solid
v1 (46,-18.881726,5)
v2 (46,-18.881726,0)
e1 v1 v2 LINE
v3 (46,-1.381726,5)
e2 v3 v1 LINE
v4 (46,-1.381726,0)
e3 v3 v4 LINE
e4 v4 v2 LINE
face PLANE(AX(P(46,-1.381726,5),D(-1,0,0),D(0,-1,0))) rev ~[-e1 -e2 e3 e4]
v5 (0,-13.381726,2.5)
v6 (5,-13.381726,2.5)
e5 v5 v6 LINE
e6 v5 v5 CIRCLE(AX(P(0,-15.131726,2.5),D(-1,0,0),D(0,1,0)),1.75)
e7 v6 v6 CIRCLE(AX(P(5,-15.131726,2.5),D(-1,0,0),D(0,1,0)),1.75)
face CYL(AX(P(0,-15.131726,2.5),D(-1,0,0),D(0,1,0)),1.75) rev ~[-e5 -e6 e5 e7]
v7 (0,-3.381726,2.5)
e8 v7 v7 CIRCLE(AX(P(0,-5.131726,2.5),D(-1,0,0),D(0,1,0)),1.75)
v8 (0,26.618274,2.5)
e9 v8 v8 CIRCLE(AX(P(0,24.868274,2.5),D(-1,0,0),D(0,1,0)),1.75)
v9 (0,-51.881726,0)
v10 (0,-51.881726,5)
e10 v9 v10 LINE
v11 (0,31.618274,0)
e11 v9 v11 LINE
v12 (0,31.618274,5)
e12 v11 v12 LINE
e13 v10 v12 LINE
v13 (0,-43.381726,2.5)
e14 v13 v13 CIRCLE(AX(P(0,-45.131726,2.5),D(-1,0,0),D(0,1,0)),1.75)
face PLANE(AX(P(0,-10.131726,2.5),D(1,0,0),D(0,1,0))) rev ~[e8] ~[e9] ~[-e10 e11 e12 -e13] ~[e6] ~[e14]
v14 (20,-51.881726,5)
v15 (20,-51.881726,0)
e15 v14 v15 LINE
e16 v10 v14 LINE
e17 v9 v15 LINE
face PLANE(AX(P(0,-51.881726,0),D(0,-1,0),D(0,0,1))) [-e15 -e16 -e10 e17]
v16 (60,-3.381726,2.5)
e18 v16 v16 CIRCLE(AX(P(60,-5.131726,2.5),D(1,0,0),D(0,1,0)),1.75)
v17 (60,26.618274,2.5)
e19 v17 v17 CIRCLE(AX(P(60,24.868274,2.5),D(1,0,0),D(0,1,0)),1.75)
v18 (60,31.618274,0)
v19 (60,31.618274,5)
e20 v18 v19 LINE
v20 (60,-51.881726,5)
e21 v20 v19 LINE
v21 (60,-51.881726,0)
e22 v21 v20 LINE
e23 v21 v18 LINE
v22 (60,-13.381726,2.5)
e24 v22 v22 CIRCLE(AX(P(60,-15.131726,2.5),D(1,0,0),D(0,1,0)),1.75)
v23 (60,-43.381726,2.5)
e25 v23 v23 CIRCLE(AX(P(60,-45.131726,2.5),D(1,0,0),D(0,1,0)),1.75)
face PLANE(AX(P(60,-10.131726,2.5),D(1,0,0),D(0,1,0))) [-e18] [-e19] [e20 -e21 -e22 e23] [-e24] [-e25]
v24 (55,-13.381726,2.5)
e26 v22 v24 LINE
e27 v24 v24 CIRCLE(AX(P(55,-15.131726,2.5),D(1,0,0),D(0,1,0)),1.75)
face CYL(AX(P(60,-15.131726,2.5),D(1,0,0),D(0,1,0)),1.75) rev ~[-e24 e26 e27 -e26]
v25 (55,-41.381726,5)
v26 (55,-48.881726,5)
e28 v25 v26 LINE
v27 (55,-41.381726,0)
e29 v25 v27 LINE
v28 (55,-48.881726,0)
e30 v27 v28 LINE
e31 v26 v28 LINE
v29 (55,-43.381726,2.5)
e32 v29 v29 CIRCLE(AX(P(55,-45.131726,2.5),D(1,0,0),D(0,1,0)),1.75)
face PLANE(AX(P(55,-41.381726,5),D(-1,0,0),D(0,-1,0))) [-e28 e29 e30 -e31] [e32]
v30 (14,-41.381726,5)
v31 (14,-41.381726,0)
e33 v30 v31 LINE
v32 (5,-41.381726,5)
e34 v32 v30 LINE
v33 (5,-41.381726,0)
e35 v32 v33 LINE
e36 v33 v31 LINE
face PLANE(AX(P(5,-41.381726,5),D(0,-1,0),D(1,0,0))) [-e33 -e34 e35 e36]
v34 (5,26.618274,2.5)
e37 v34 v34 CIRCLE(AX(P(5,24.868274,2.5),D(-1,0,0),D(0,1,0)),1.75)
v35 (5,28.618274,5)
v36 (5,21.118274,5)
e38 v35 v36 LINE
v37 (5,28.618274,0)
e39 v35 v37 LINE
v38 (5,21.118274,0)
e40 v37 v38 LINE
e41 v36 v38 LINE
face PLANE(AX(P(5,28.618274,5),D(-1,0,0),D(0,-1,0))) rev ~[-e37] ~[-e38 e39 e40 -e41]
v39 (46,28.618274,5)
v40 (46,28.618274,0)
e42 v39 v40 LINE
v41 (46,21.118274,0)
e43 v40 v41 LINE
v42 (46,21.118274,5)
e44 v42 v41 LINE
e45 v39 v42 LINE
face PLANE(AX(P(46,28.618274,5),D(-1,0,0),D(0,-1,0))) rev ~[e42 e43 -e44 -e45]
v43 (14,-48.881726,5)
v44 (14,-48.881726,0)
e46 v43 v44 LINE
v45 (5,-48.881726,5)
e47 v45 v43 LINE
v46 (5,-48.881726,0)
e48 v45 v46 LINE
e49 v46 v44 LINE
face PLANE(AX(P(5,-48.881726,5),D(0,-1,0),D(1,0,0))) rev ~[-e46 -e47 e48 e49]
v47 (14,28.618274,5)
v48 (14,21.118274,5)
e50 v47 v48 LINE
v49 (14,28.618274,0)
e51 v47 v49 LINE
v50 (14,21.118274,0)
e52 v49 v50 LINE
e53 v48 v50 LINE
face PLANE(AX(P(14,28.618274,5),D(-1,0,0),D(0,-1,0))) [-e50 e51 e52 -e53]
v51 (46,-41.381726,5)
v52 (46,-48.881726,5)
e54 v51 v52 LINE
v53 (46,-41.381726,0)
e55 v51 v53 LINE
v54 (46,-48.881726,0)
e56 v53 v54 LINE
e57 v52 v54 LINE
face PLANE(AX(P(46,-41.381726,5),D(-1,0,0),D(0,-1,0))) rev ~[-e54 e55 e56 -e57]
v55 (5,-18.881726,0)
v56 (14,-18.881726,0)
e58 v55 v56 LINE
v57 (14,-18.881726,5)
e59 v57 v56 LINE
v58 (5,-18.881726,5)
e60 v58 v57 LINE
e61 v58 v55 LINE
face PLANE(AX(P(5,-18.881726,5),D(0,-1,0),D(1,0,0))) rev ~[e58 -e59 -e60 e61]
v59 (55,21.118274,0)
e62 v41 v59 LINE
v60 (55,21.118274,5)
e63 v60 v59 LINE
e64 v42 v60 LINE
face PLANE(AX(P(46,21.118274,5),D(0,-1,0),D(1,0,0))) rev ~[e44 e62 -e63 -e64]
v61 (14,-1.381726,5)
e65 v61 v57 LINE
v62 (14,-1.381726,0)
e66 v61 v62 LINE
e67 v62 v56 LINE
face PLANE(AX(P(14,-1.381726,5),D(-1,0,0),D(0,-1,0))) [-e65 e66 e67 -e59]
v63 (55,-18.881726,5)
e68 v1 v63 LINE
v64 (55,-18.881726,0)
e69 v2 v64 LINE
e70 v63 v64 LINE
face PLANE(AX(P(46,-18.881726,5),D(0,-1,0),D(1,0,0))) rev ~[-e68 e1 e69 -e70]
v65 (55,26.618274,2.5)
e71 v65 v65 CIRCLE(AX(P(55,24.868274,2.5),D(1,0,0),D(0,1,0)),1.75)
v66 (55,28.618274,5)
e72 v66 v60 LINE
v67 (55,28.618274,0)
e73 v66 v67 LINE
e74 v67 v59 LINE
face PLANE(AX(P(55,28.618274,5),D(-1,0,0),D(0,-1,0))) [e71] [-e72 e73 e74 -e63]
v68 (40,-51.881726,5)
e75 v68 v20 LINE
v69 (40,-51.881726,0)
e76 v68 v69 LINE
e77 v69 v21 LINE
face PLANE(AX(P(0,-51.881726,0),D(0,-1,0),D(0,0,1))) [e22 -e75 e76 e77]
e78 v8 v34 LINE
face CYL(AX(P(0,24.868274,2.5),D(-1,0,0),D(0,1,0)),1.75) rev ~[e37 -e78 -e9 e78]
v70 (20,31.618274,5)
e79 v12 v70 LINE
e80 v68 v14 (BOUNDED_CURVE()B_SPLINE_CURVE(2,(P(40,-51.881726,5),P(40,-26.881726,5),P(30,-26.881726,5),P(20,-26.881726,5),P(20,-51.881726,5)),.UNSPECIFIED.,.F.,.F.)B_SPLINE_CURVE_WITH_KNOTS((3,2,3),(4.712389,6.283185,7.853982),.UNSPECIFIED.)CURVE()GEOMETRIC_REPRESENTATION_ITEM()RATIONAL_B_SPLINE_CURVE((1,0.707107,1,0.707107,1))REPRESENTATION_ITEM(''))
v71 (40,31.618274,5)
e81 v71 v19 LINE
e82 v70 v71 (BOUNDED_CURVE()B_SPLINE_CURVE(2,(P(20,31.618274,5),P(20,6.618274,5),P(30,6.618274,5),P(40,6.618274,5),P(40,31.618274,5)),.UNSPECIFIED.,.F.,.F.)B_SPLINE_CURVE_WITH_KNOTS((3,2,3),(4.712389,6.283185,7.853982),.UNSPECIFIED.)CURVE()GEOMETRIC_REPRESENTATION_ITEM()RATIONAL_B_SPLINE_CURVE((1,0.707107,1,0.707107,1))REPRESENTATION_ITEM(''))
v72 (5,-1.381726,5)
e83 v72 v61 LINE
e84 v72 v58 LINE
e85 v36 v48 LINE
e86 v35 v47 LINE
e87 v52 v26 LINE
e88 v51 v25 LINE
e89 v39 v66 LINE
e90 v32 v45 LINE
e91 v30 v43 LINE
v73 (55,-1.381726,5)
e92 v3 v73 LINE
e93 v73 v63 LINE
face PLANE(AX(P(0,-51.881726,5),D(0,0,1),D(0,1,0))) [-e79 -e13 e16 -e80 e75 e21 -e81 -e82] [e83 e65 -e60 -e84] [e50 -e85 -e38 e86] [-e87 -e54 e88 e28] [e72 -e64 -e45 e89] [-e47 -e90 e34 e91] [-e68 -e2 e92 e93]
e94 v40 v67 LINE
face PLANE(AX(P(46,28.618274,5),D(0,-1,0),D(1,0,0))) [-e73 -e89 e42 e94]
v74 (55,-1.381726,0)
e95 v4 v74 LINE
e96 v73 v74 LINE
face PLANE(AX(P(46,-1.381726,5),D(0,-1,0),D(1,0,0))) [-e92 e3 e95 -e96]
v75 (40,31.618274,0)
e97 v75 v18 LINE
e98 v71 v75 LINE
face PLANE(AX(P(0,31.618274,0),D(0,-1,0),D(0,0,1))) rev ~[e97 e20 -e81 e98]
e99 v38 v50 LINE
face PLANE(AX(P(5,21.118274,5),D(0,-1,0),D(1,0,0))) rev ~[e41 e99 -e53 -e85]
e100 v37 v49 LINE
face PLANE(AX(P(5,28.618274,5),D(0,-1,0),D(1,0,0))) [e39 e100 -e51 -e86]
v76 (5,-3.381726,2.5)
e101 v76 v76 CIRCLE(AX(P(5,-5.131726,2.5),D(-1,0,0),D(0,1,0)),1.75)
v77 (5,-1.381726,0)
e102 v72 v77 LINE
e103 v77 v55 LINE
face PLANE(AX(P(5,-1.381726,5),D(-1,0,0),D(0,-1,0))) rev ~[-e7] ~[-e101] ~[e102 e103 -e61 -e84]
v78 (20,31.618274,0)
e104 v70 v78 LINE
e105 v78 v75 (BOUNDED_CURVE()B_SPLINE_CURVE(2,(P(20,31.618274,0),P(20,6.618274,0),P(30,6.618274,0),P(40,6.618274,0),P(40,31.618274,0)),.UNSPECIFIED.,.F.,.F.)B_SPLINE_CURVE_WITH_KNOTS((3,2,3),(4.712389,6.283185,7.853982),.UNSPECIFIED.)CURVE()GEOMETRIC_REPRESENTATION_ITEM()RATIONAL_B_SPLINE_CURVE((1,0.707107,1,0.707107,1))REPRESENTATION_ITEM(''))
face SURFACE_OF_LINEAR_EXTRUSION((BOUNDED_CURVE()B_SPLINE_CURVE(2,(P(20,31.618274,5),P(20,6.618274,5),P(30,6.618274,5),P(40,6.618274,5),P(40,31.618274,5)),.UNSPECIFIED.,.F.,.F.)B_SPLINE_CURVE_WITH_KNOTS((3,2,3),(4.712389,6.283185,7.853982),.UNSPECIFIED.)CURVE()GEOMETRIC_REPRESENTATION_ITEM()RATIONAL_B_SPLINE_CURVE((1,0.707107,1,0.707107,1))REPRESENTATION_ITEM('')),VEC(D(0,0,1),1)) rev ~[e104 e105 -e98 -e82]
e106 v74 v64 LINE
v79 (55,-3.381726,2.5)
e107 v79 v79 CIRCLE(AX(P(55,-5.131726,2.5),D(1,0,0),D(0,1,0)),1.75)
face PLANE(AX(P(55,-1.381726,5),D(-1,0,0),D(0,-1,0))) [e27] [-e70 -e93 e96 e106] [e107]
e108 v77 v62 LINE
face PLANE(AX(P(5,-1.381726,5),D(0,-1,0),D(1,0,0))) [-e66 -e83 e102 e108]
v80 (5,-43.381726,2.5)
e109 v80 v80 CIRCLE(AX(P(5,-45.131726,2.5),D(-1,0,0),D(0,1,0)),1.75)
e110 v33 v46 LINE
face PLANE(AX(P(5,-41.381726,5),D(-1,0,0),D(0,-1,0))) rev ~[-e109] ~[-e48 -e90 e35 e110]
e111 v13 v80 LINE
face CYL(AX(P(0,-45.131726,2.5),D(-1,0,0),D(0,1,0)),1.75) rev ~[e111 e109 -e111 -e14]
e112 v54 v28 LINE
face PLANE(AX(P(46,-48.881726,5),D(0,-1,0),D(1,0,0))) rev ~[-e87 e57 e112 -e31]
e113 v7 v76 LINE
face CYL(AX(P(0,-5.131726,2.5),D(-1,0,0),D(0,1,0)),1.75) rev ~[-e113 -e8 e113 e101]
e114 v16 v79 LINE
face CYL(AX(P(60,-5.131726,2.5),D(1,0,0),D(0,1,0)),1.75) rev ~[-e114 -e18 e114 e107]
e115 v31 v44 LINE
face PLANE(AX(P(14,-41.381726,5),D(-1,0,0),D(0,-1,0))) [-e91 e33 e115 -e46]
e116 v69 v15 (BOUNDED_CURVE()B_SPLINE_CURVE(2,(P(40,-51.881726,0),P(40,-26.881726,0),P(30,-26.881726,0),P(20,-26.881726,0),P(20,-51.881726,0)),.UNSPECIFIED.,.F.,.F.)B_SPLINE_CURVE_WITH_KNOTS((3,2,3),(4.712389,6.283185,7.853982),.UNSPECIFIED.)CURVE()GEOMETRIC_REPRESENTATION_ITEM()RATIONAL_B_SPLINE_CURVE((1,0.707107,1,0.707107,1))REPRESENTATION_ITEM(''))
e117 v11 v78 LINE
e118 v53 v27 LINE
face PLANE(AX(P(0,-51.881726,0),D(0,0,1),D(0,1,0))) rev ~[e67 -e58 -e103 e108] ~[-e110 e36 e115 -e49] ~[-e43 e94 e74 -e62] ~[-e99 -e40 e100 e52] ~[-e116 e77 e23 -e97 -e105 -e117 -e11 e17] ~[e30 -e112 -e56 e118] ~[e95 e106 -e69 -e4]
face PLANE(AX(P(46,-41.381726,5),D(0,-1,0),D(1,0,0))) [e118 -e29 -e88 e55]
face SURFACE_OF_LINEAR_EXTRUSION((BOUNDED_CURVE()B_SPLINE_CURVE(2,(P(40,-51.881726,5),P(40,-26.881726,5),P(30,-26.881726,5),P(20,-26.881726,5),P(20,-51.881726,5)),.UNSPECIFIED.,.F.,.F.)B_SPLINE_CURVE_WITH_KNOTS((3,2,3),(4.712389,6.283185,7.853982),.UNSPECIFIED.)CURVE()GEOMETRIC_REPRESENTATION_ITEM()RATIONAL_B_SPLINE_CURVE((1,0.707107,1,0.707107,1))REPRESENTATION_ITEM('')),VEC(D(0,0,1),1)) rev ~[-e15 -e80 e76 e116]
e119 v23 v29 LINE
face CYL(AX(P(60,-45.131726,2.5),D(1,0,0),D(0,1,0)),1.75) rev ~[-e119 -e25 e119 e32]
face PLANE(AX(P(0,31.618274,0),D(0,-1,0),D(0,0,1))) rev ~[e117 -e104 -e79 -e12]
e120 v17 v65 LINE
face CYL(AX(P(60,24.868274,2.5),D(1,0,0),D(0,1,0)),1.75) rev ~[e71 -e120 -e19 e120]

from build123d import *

# Parameters (mm, degrees)
SKETCH003_W     = 83.5
SKETCH003_H     = 5
PAD002_DEPTH    = 60
SKETCH005_W     = 7.5
SKETCH005_H     = 9
SKETCH005_W_2   = 17.5
POCKET001_DEPTH = 5
SKETCH004_R     = 1.75
POCKET002_DEPTH = 5
SKETCH006_R     = 1.75
POCKET003_DEPTH = 5


with BuildPart() as part:
    # Sketch003 → Pad002 (new body)
    with BuildSketch(Plane.YZ):
        with Locations((-10.131726, 2.5)):
            Rectangle(SKETCH003_W, SKETCH003_H)
    extrude(amount=PAD002_DEPTH)

    # Sketch005 (on Face4 of Pad002) → Pocket001 (cut)
    with BuildSketch(Plane(origin=(0, 0, 5), x_dir=(0, -1, 0), z_dir=(0, 0, 1))):
        with Locations((-24.868274, 50.5)):
            Rectangle(SKETCH005_W, SKETCH005_H)
        with Locations((10.131726, 50.5)):
            Rectangle(SKETCH005_W_2, SKETCH005_H)
        with Locations((45.131726, 50.5)):
            Rectangle(SKETCH005_W, SKETCH005_H)
        with Locations((-24.868274, 9.5)):
            Rectangle(SKETCH005_W, SKETCH005_H)
        with Locations((10.131726, 9.5)):
            Rectangle(SKETCH005_W_2, SKETCH005_H)
        with Locations((45.131726, 9.5)):
            Rectangle(SKETCH005_W, SKETCH005_H)
        with BuildLine():
            add(Edge.make_bspline(
                [(-31.618274, 20), (-6.618274, 20), (-6.618274, 30), (-6.618274, 40), (-31.618274, 40)],
                knots=[4.712389, 4.712389, 4.712389, 6.283185, 6.283185, 7.853982, 7.853982, 7.853982], degree=2, weights=[1, 0.707107, 1, 0.707107, 1]))
            Line((-31.618274, 40), (-31.618274, 20))
        make_face()
        with BuildLine():
            add(Edge.make_bspline(
                [(51.881726, 40), (26.881726, 40), (26.881726, 30), (26.881726, 20), (51.881726, 20)],
                knots=[4.712389, 4.712389, 4.712389, 6.283185, 6.283185, 7.853982, 7.853982, 7.853982], degree=2, weights=[1, 0.707107, 1, 0.707107, 1]))
            Line((51.881726, 20), (51.881726, 40))
        make_face()
    extrude(amount=-POCKET001_DEPTH, mode=Mode.SUBTRACT)

    # Sketch004 (on Face5 of Pad002) → Pocket002 (cut)
    with BuildSketch(Plane(origin=(0, 0, 0), x_dir=(0, 1, 0), z_dir=(-1, 0, 0))):
        with Locations((24.868274, -2.5)):
            Circle(SKETCH004_R)
        with Locations((-5.131726, -2.5)):
            Circle(SKETCH004_R)
        with Locations((-15.131726, -2.5)):
            Circle(SKETCH004_R)
        with Locations((-45.131726, -2.5)):
            Circle(SKETCH004_R)
    extrude(amount=-POCKET002_DEPTH, mode=Mode.SUBTRACT)

    # Sketch006 (on Face6 of Pad002) → Pocket003 (cut)
    with BuildSketch(Plane.YZ.offset(60)):
        with Locations((-45.131726, 2.5)):
            Circle(SKETCH006_R)
        with Locations((-15.131726, 2.5)):
            Circle(SKETCH006_R)
        with Locations((-5.131726, 2.5)):
            Circle(SKETCH006_R)
        with Locations((24.868274, 2.5)):
            Circle(SKETCH006_R)
    extrude(amount=-POCKET003_DEPTH, mode=Mode.SUBTRACT)


solid = part.part
